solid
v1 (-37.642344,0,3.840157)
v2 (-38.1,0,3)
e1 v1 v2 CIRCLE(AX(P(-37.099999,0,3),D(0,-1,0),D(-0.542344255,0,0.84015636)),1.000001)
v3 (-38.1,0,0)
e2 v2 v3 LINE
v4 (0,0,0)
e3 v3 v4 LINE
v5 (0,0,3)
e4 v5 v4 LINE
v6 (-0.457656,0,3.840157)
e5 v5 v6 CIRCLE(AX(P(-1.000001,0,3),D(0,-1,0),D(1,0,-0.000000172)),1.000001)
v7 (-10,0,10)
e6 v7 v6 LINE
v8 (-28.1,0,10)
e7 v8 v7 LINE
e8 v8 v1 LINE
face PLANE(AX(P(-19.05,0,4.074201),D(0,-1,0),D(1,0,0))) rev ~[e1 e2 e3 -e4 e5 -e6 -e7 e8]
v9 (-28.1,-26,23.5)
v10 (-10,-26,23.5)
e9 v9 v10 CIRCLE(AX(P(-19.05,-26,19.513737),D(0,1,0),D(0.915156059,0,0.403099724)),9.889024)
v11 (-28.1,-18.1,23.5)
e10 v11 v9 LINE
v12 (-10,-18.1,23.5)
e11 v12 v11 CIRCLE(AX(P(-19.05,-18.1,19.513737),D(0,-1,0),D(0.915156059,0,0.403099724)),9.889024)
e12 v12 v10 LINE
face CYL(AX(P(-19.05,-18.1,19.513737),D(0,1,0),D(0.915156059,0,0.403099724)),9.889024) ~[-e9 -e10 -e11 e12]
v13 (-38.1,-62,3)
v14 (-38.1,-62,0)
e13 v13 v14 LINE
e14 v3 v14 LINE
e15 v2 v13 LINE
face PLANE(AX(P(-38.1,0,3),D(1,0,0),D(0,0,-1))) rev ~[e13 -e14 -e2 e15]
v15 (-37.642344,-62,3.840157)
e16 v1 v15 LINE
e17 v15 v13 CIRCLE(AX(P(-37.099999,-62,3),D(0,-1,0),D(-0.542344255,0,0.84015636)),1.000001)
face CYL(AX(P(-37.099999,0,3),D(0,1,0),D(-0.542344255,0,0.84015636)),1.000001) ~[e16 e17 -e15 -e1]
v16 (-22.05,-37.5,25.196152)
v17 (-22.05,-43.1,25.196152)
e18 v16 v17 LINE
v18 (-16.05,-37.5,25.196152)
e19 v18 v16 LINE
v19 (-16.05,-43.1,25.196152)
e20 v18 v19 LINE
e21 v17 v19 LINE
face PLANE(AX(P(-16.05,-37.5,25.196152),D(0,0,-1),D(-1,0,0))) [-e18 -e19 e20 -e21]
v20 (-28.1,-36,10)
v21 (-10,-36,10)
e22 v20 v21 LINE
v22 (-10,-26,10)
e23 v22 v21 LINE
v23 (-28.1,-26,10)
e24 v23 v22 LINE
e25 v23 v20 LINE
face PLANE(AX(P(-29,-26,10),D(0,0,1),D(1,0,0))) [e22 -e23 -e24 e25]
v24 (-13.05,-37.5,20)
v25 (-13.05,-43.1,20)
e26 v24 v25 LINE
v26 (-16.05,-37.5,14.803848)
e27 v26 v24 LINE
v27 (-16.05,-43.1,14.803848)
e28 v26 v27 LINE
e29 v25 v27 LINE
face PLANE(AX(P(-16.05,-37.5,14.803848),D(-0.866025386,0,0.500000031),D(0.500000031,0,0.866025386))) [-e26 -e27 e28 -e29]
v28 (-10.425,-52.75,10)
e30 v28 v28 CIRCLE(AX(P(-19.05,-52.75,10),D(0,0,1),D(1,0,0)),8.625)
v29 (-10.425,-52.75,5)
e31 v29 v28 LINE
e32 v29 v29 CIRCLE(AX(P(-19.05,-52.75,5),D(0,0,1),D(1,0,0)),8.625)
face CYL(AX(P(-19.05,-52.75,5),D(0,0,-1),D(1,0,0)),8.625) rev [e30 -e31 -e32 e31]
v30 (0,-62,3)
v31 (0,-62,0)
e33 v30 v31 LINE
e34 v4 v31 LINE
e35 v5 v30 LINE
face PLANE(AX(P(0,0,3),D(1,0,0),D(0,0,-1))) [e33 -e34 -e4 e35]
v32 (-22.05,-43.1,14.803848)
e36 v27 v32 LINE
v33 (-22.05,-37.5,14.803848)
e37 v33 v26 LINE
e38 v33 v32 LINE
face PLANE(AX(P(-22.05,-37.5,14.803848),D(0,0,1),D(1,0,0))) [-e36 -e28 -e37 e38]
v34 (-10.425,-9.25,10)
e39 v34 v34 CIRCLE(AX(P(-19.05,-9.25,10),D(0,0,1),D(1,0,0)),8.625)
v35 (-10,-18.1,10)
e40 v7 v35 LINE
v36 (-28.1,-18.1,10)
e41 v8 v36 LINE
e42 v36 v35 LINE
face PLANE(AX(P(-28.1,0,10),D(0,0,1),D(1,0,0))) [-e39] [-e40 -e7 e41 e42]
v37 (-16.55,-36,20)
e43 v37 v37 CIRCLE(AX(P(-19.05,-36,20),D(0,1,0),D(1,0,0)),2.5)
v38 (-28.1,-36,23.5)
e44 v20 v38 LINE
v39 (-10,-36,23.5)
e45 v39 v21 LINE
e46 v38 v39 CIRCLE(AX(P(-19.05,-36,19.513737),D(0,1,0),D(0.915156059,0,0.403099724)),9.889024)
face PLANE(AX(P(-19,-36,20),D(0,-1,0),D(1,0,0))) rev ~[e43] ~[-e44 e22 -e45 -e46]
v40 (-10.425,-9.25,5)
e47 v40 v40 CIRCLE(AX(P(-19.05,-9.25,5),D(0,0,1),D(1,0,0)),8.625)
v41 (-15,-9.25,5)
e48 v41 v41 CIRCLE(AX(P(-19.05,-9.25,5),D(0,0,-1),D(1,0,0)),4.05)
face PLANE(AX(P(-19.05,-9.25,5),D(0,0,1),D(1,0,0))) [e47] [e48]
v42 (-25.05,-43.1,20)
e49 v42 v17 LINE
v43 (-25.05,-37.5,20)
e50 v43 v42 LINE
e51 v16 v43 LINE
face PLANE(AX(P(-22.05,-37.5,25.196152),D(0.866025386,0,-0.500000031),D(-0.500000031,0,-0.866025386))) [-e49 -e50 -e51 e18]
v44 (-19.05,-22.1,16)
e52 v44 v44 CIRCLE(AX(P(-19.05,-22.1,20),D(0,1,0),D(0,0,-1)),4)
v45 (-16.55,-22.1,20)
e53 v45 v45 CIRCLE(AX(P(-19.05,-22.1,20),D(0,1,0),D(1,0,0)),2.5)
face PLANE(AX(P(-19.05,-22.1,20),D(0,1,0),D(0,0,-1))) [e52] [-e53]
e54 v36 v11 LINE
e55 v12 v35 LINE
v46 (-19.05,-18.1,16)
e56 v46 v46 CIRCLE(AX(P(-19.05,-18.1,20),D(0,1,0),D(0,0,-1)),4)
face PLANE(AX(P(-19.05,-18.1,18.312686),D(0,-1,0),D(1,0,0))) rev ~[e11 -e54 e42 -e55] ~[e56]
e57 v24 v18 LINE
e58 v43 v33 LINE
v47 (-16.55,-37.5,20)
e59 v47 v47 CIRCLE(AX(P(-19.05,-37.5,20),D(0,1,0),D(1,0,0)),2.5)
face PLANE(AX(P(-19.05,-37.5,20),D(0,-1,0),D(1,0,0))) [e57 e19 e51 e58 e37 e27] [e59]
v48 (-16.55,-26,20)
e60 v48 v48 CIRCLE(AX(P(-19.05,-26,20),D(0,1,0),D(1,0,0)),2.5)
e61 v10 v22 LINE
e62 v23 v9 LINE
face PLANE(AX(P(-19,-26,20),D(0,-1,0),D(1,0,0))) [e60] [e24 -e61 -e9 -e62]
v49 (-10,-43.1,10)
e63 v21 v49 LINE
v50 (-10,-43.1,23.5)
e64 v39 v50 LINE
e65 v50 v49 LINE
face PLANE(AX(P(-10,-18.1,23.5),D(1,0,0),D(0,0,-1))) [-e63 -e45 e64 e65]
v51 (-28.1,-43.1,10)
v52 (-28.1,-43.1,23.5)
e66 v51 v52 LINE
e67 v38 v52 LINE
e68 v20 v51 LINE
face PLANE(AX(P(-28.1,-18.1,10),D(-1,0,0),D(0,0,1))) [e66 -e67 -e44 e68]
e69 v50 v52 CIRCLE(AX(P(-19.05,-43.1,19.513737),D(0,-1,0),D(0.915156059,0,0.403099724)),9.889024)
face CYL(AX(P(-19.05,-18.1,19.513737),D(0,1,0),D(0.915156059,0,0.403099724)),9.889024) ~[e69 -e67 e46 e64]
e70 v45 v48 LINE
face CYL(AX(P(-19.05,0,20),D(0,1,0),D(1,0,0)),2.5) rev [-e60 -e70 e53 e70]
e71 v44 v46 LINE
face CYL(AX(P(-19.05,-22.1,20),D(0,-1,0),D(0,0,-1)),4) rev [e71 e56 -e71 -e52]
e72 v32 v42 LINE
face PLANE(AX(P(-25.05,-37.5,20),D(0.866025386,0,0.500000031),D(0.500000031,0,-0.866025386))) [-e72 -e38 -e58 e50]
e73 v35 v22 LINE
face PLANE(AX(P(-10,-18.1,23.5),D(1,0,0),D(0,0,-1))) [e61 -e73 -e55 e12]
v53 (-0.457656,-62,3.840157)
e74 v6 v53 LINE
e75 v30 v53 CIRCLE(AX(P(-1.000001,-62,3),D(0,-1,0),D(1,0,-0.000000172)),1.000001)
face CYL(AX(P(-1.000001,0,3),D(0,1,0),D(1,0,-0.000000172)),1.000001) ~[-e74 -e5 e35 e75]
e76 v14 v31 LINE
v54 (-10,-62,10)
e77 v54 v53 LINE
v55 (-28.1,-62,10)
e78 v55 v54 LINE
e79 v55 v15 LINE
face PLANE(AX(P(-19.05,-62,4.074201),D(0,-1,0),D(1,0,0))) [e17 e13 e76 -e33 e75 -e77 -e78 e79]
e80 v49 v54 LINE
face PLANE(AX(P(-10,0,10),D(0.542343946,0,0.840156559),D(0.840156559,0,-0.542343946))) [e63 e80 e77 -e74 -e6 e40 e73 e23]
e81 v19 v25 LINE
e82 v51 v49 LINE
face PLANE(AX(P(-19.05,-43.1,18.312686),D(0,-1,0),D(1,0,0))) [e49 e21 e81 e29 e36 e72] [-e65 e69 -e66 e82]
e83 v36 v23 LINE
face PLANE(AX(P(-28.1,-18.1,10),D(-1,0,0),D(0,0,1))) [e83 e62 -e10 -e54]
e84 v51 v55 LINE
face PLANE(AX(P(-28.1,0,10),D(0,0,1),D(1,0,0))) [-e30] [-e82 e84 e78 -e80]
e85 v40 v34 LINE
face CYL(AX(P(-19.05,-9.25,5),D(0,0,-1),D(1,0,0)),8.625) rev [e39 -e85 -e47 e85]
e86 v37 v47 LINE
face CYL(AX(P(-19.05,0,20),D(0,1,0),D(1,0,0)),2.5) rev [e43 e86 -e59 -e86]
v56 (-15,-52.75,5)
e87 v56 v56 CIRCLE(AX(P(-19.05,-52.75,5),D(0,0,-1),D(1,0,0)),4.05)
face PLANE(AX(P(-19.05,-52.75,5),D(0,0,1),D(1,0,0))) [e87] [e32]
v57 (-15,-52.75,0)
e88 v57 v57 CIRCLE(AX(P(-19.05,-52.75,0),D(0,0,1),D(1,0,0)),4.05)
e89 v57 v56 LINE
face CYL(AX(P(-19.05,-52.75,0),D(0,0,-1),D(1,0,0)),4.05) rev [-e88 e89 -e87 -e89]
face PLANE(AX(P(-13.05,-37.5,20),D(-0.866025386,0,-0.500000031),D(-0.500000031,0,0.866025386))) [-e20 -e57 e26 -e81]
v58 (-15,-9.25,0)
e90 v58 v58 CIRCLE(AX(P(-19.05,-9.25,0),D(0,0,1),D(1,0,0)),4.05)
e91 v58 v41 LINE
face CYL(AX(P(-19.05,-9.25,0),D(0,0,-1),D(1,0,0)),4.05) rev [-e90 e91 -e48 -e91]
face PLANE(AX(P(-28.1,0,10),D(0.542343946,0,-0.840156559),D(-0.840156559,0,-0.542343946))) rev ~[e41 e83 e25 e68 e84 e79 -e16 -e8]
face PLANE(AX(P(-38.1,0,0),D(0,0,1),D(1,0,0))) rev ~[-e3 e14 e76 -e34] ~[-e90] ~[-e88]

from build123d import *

# Parameters (mm, degrees)
PAD_DEPTH         = 62
SKETCH003_R       = 4.05
POCKET_DEPTH      = 0.001
POCKET_DEPTH_BACK = -10.001
SKETCH_R          = 8.625
POCKET001_DEPTH   = 5
PAD001_DEPTH      = 25
BOX_W             = 20
BOX_H             = 20
BOX_DEPTH         = 10
SKETCH005_R       = 2.5
POCKET002_DEPTH   = 62.001
CYLINDER_R        = 4
CYLINDER_DEPTH    = 4
POCKET003_DEPTH   = 6


with BuildPart() as part:
    # Sketch002 (on Sketch) → Pad (new body)
    with BuildSketch(Plane.XZ):
        with BuildLine():
            Line((-38.1, 3), (-38.1, 0))
            Line((-38.1, 0), (0, 0))
            Line((0, 3), (0, 0))
            ThreePointArc((0, 3), (-0.121836, 3.47836), (-0.457656, 3.840157))
            Line((-10, 10), (-0.457656, 3.840157))
            Line((-28.1, 10), (-10, 10))
            Line((-28.1, 10), (-37.642344, 3.840157))
            ThreePointArc((-37.642344, 3.840157), (-37.978164, 3.47836), (-38.1, 3))
        make_face()
    extrude(amount=PAD_DEPTH)

    # Sketch003 → Pocket (cut, two sides)
    with BuildSketch(Plane.XY) as pocket_sk:
        with Locations((-19.05, -9.25)):
            Circle(SKETCH003_R)
        with Locations((-19.05, -52.75)):
            Circle(SKETCH003_R)
    extrude(amount=-POCKET_DEPTH, mode=Mode.SUBTRACT)
    extrude(pocket_sk.sketch, amount=-POCKET_DEPTH_BACK, mode=Mode.SUBTRACT)

    # Sketch → Pocket001 (cut)
    with BuildSketch(Plane.XY.offset(5)):
        with Locations((-19.05, -9.25)):
            Circle(SKETCH_R)
        with Locations((-19.05, -52.75)):
            Circle(SKETCH_R)
    extrude(amount=POCKET001_DEPTH, mode=Mode.SUBTRACT)

    # Sketch004 → Pad001 (join)
    with BuildSketch(Plane.XZ.offset(18.1)):
        with BuildLine():
            Line((-28.1, 10), (-10, 10))
            Line((-10, 23.5), (-10, 10))
            ThreePointArc((-10, 23.5), (-19.05, 29.402761), (-28.1, 23.5))
            Line((-28.1, 10), (-28.1, 23.5))
        make_face()
    extrude(amount=PAD001_DEPTH)

    # Box → Box (cut)
    with BuildSketch(Plane(origin=(-29, -26, 10), x_dir=(1, 0, 0), z_dir=(0, -1, 0))):
        with Locations((10, 10)):
            Rectangle(BOX_W, BOX_H)
    extrude(amount=BOX_DEPTH, mode=Mode.SUBTRACT)

    # Sketch005 → Pocket002 (cut, through all)
    with BuildSketch(Plane.XZ):
        with Locations((-19.05, 20)):
            Circle(SKETCH005_R)
    extrude(amount=POCKET002_DEPTH, mode=Mode.SUBTRACT)

    # Cylinder → Cylinder (cut)
    with BuildSketch(Plane(origin=(-19.05, -22.1, 20), x_dir=(0, 0, -1), z_dir=(0, 1, 0))):
        Circle(CYLINDER_R)
    extrude(amount=CYLINDER_DEPTH, mode=Mode.SUBTRACT)

    # Sketch006 → Pocket003 (cut)
    with BuildSketch(Plane.XZ.offset(37.5)):
        Polygon((-16.05, 25.196152), (-22.05, 25.196152), (-25.05, 20), (-22.05, 14.803848), (-16.05, 14.803848), (-13.05, 20), align=None)
    extrude(amount=POCKET003_DEPTH, mode=Mode.SUBTRACT)


solid = part.part
